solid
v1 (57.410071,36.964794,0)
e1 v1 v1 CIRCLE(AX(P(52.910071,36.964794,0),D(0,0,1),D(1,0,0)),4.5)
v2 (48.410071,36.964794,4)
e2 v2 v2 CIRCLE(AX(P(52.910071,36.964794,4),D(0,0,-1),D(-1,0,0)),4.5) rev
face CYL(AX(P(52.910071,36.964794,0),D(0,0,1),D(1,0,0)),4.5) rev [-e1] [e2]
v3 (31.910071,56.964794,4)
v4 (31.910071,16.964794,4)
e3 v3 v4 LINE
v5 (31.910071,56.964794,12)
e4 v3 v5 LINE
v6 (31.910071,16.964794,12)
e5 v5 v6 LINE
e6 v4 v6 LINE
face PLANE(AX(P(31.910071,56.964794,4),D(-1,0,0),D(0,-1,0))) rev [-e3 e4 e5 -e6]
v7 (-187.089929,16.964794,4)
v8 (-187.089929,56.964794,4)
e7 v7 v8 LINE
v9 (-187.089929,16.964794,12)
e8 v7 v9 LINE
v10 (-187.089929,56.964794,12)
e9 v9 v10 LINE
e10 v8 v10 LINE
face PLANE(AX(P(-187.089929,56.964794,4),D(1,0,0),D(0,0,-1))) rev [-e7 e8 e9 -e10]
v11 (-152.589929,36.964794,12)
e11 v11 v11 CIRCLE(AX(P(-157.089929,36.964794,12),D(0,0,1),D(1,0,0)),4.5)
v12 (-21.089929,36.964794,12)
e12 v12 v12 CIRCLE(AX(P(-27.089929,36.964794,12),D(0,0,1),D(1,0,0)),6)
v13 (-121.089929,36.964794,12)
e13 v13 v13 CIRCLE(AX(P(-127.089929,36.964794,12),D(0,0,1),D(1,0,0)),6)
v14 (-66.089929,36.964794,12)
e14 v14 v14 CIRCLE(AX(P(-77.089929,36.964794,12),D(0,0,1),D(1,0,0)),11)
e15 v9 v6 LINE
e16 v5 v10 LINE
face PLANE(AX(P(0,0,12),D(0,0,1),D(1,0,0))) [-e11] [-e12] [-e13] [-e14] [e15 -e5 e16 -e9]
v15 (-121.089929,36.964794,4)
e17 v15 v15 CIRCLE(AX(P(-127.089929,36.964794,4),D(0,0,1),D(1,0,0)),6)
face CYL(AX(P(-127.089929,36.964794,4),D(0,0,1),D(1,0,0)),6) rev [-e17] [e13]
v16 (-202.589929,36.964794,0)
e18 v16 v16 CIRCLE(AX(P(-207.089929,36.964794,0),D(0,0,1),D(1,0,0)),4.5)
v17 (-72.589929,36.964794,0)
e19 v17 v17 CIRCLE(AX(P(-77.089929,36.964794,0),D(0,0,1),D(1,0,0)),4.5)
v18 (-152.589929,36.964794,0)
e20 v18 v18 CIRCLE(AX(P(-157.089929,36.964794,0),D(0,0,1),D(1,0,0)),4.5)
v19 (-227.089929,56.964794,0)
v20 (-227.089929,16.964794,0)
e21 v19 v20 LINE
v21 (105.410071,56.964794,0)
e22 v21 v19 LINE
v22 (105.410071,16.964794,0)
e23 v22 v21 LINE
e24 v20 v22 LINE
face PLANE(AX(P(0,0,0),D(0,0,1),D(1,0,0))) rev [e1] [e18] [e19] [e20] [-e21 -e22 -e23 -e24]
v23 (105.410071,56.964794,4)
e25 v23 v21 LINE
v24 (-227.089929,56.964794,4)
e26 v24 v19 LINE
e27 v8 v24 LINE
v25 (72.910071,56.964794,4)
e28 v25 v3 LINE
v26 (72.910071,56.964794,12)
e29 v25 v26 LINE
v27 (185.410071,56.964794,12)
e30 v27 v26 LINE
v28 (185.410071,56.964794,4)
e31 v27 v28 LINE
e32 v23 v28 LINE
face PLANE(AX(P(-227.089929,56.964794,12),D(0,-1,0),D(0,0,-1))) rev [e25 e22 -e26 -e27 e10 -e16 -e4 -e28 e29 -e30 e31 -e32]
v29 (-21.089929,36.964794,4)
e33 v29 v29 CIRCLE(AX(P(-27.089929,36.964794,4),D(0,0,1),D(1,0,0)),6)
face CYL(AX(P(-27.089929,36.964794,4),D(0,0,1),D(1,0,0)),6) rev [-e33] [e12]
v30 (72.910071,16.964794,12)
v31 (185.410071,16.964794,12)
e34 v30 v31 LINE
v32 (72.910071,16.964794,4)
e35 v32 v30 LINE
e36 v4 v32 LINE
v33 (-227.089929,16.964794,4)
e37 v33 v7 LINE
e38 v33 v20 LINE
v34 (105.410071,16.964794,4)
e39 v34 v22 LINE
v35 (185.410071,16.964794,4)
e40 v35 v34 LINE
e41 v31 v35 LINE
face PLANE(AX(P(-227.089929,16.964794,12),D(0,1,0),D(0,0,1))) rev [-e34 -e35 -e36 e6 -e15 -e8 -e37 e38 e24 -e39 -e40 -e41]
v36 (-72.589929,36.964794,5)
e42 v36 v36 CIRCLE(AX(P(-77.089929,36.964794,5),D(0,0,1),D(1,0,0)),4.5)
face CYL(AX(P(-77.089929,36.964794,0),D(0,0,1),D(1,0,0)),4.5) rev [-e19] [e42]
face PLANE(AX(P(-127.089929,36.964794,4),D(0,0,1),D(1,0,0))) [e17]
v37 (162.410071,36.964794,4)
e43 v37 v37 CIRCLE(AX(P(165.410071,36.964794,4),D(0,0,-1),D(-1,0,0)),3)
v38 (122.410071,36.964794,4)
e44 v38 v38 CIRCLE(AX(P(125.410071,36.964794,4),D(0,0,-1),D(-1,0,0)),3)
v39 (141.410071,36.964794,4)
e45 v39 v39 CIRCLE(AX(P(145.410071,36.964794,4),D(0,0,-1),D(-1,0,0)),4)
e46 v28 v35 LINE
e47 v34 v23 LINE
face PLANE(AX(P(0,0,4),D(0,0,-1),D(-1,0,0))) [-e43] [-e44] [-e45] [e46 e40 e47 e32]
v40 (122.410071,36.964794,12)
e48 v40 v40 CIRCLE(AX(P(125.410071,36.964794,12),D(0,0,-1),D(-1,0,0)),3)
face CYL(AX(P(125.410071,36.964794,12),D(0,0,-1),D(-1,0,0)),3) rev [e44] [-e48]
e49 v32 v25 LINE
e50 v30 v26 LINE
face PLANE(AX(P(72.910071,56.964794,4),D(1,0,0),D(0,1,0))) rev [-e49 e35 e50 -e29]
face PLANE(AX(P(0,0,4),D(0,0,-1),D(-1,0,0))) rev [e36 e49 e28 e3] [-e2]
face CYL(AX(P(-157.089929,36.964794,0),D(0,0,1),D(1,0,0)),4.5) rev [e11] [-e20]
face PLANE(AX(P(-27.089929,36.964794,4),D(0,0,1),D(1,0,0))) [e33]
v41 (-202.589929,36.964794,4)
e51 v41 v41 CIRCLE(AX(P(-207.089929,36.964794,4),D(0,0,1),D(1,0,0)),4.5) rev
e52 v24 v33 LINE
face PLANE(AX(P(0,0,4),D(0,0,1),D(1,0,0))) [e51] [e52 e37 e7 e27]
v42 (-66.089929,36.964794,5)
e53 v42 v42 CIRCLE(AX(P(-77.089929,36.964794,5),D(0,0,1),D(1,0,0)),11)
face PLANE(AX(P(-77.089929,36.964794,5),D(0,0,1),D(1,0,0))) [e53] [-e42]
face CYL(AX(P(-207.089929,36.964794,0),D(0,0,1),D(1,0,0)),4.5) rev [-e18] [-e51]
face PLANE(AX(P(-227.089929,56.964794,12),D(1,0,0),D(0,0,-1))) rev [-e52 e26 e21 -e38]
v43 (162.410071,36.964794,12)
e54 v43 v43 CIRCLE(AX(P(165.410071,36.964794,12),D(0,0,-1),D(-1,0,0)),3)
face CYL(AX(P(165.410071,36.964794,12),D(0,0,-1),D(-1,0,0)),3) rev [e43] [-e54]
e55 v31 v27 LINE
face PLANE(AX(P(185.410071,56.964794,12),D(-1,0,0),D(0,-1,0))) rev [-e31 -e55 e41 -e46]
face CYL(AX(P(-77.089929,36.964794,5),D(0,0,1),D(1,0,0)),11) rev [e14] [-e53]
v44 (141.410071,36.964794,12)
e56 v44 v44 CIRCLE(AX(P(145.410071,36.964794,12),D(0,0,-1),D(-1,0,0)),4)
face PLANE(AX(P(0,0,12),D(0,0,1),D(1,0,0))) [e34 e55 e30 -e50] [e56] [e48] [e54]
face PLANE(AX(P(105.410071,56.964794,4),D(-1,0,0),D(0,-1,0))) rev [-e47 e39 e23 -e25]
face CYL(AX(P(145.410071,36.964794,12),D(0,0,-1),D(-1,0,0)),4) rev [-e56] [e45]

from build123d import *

# Parameters (mm, degrees)
ESQUISSE1_W             = 412.5
ESQUISSE1_H             = 40
BOSS_EXTRU_1_DEPTH      = 12
ESQUISSE2_R             = 4.5
ENL_V_MAT_EXTRU_1_DEPTH = 13
ESQUISSE3_R             = 11
ENL_V_MAT_EXTRU_2_DEPTH = 7
ESQUISSE4_W             = 40
ESQUISSE4_H             = 40
ESQUISSE4_W_2           = 41
ENL_V_MAT_EXTRU_3_DEPTH = 8
ESQUISSE5_R             = 6
ENL_V_MAT_EXTRU_5_DEPTH = 8
ESQUISSE6_W             = 80
ESQUISSE6_H             = 40
ENL_V_MAT_EXTRU_6_DEPTH = 4
ESQUISSE7_R             = 3
ENL_V_MAT_EXTRU_7_DEPTH = 9
ESQUISSE8_R             = 4
ENL_V_MAT_EXTRU_8_DEPTH = 9
ESQUISSE9_R             = 4.5
ENL_V_MAT_EXTRU_9_DEPTH = 6


with BuildPart() as part:
    # Esquisse1 → Boss.-Extru.1 (new body)
    with BuildSketch(Plane.XY):
        with Locations((-20.839929175, 36.964793741)):
            Rectangle(ESQUISSE1_W, ESQUISSE1_H)
    extrude(amount=BOSS_EXTRU_1_DEPTH)

    # Esquisse2 → Enlèv. mat.-Extru.1 (cut, through all)
    with BuildSketch(Plane.XY.offset(12)):
        with Locations((-207.089929175, 36.964793741)):
            Circle(ESQUISSE2_R)
        with Locations((-157.089929175, 36.964793741)):
            Circle(ESQUISSE2_R)
        with Locations((52.910070825, 36.964793741)):
            Circle(ESQUISSE2_R)
    extrude(amount=-ENL_V_MAT_EXTRU_1_DEPTH, mode=Mode.SUBTRACT)

    # Esquisse3 → Enlèv. mat.-Extru.2 (cut)
    with BuildSketch(Plane.XY.offset(12)):
        with Locations((-77.089929175, 36.964793741)):
            Circle(ESQUISSE3_R)
    extrude(amount=-ENL_V_MAT_EXTRU_2_DEPTH, mode=Mode.SUBTRACT)

    # Esquisse4 → Enlèv. mat.-Extru.3 (cut)
    with BuildSketch(Plane.XY.offset(12)):
        with Locations((-207.089929175, 36.964793741)):
            Rectangle(ESQUISSE4_W, ESQUISSE4_H)
        with Locations((52.410070825, 36.964793741)):
            Rectangle(ESQUISSE4_W_2, ESQUISSE4_H)
    extrude(amount=-ENL_V_MAT_EXTRU_3_DEPTH, mode=Mode.SUBTRACT)

    # Esquisse5 → Enlèv. mat.-Extru.5 (cut)
    with BuildSketch(Plane.XY.offset(12)):
        with Locations((-127.089929175, 36.964793741)):
            Circle(ESQUISSE5_R)
        with Locations((-27.089929175, 36.964793741)):
            Circle(ESQUISSE5_R)
    extrude(amount=-ENL_V_MAT_EXTRU_5_DEPTH, mode=Mode.SUBTRACT)

    # Esquisse6 → Enlèv. mat.-Extru.6 (cut)
    with BuildSketch(Plane(origin=(0, 0, 0), x_dir=(-1, 0, 0), z_dir=(0, 0, -1))):
        with Locations((-145.410070825, 36.964793741)):
            Rectangle(ESQUISSE6_W, ESQUISSE6_H)
    extrude(amount=-ENL_V_MAT_EXTRU_6_DEPTH, mode=Mode.SUBTRACT)

    # Esquisse7 → Enlèv. mat.-Extru.7 (cut, through all)
    with BuildSketch(Plane(origin=(0, 0, 4), x_dir=(-1, 0, 0), z_dir=(0, 0, -1))):
        with Locations((-165.410070825, 36.964793741)):
            Circle(ESQUISSE7_R)
        with Locations((-125.410070825, 36.964793741)):
            Circle(ESQUISSE7_R)
    extrude(amount=-ENL_V_MAT_EXTRU_7_DEPTH, mode=Mode.SUBTRACT)

    # Esquisse8 → Enlèv. mat.-Extru.8 (cut, through all)
    with BuildSketch(Plane(origin=(0, 0, 4), x_dir=(-1, 0, 0), z_dir=(0, 0, -1))):
        with Locations((-145.410070825, 36.964793741)):
            Circle(ESQUISSE8_R)
    extrude(amount=-ENL_V_MAT_EXTRU_8_DEPTH, mode=Mode.SUBTRACT)

    # Esquisse9 → Enlèv. mat.-Extru.9 (cut, through all)
    with BuildSketch(Plane.XY.offset(5)):
        with Locations((-77.089929175, 36.964793741)):
            Circle(ESQUISSE9_R)
    extrude(amount=-ENL_V_MAT_EXTRU_9_DEPTH, mode=Mode.SUBTRACT)


solid = part.part
